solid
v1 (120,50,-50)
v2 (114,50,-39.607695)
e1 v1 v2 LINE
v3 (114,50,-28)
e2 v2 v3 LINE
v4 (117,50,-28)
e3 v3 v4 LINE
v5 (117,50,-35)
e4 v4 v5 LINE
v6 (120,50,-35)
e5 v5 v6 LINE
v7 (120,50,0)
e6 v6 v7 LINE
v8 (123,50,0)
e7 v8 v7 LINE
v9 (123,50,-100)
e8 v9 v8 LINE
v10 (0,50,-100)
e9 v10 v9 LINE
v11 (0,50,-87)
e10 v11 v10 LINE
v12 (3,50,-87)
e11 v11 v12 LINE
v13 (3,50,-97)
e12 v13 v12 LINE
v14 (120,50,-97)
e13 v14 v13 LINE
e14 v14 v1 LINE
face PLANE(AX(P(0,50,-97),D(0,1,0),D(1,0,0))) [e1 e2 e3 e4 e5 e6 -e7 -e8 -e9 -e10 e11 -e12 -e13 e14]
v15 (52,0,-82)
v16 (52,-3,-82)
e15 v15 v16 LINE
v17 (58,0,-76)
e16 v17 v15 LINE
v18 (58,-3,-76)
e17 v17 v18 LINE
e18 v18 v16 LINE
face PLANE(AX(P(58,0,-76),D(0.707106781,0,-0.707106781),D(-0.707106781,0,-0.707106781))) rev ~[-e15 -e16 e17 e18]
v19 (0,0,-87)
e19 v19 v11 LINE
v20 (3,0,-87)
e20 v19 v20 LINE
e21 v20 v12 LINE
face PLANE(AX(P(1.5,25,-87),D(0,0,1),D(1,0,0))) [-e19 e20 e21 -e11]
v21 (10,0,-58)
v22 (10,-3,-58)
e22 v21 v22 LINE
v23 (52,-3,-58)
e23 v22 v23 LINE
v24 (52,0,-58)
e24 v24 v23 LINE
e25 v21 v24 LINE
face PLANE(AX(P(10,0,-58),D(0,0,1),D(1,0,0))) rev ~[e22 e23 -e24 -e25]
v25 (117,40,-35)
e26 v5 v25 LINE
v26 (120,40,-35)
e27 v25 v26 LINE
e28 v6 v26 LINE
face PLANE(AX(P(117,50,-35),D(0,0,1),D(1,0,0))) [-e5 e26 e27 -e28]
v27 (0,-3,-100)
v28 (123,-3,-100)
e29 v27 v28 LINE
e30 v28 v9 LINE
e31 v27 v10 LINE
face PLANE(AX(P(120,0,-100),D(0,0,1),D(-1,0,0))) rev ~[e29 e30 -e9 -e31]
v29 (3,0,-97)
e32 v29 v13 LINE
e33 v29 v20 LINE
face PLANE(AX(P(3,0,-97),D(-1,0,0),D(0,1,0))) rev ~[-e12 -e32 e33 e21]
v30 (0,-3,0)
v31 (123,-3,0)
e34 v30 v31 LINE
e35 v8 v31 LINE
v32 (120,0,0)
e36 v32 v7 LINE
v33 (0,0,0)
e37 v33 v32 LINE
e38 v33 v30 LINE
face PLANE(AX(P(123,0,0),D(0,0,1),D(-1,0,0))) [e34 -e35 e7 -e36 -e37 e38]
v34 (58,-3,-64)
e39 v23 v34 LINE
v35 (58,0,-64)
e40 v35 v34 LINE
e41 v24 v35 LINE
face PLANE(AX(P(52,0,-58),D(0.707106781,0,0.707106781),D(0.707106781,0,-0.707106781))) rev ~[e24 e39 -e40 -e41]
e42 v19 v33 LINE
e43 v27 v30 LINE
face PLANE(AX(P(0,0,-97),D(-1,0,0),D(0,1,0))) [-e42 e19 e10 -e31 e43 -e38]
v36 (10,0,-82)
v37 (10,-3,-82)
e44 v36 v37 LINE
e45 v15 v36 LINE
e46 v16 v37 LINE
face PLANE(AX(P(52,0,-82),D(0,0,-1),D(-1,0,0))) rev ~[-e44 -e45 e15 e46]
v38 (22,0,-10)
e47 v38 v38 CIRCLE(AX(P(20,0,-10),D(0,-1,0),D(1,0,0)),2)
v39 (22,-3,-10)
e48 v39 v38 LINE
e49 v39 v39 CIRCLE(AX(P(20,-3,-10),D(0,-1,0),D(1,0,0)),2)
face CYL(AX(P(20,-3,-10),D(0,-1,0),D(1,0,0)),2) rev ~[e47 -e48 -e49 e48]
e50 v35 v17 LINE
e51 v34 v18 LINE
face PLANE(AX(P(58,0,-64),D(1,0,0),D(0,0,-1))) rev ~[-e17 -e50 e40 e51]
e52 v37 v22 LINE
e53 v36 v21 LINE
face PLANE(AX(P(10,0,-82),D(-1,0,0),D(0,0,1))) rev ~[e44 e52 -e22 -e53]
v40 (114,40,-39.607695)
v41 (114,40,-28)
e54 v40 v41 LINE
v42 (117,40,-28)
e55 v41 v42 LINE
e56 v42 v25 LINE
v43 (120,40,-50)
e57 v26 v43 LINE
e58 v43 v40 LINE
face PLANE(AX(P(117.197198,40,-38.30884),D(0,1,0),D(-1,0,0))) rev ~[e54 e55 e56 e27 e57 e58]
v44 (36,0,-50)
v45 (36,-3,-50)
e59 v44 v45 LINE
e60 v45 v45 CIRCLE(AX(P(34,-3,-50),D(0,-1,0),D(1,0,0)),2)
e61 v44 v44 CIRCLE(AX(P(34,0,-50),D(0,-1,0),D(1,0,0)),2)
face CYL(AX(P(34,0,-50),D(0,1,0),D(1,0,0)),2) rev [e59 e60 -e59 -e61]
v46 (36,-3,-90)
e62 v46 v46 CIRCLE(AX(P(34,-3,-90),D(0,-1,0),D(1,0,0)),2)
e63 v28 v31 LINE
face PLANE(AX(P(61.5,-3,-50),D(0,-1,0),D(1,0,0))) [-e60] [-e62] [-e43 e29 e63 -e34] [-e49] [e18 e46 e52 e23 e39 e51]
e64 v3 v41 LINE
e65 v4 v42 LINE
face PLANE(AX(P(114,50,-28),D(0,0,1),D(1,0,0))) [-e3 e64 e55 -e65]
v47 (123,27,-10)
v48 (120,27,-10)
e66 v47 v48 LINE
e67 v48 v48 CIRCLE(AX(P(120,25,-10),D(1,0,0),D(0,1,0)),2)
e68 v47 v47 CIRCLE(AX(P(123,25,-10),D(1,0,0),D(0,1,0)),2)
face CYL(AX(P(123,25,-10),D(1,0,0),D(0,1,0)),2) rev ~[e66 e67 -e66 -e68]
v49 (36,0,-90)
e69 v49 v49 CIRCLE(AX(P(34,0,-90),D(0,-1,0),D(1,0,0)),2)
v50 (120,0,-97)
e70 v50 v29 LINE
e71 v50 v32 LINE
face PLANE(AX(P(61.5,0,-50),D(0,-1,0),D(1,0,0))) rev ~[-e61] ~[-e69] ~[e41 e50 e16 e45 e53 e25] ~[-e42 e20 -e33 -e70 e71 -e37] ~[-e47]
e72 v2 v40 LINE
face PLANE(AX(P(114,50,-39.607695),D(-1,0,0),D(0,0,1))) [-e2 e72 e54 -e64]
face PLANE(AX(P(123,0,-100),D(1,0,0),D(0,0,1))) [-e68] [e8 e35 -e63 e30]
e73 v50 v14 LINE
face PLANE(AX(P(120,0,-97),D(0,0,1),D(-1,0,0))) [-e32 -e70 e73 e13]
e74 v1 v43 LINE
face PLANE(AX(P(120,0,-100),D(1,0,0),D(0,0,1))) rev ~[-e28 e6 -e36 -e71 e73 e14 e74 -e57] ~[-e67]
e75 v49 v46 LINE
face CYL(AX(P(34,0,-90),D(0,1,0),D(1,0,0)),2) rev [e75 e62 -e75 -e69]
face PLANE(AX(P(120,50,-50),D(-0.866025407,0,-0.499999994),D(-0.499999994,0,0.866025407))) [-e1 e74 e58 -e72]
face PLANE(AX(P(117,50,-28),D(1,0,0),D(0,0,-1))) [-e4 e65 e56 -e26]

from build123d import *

# Parameters (mm, degrees)
F0_W      = 123
F0_H      = 100
F0_R      = 2
F1_DEPTH  = 3
F2_W      = 3
F2_H      = 100
F3_DEPTH  = 50
F4_W      = 120
F4_H      = 3
F5_DEPTH  = 50
F6_R      = 2
F7_DEPTH  = 53.001
F8_R      = 2
F9_DEPTH  = 123.001
F10_W     = 3
F10_H     = 50
F11_DEPTH = 10
F13_DEPTH = 10


with BuildPart() as f1:
    # F0 (on Front) → F1 (new body)
    with BuildSketch(Plane.XZ):
        with Locations((61.5, -50)):
            Rectangle(F0_W, F0_H)
        with Locations((34, -90)):
            Circle(F0_R, mode=Mode.SUBTRACT)
        Polygon((10, -82), (10, -58), (52, -58), (58, -64), (58, -76), (52, -82), align=None, mode=Mode.SUBTRACT)
        with Locations((34, -50)):
            Circle(F0_R, mode=Mode.SUBTRACT)
    extrude(amount=F1_DEPTH)

    # F2 (on face) → F3 (join)
    with BuildSketch(Plane(origin=(0, 0, 0), x_dir=(-1, 0, 0), z_dir=(0, 1, 0))):
        with Locations((-121.5, -50)):
            Rectangle(F2_W, F2_H)
    extrude(amount=F3_DEPTH)

    # F4 (on face) → F5 (join)
    with BuildSketch(Plane(origin=(0, 0, 0), x_dir=(-1, 0, 0), z_dir=(0, 1, 0))):
        with Locations((-60, -98.5)):
            Rectangle(F4_W, F4_H)
    extrude(amount=F5_DEPTH)

    # F6 (on face) → F7 (cut, through all)
    with BuildSketch(Plane.XZ.offset(3)):
        with Locations((20, -10)):
            Circle(F6_R)
    extrude(amount=-F7_DEPTH, mode=Mode.SUBTRACT)

    # F8 (on face) → F9 (cut, through all)
    with BuildSketch(Plane.YZ.offset(123)):
        with Locations((25, -10)):
            Circle(F8_R)
    extrude(amount=-F9_DEPTH, mode=Mode.SUBTRACT)

    # F10 (on face) → F11 (join)
    with BuildSketch(Plane.XY.offset(-97)):
        with Locations((1.5, 25)):
            Rectangle(F10_W, F10_H)
    extrude(amount=F11_DEPTH)

    # F12 (on face) → F13 (join)
    with BuildSketch(Plane(origin=(0, 50, 0), x_dir=(-1, 0, 0), z_dir=(0, 1, 0))):
        Polygon((-120, -35), (-120, -50), (-114, -39.607695), (-114, -28), (-117, -28), (-117, -35), align=None)
    extrude(amount=-F13_DEPTH)


solid = f1.part
